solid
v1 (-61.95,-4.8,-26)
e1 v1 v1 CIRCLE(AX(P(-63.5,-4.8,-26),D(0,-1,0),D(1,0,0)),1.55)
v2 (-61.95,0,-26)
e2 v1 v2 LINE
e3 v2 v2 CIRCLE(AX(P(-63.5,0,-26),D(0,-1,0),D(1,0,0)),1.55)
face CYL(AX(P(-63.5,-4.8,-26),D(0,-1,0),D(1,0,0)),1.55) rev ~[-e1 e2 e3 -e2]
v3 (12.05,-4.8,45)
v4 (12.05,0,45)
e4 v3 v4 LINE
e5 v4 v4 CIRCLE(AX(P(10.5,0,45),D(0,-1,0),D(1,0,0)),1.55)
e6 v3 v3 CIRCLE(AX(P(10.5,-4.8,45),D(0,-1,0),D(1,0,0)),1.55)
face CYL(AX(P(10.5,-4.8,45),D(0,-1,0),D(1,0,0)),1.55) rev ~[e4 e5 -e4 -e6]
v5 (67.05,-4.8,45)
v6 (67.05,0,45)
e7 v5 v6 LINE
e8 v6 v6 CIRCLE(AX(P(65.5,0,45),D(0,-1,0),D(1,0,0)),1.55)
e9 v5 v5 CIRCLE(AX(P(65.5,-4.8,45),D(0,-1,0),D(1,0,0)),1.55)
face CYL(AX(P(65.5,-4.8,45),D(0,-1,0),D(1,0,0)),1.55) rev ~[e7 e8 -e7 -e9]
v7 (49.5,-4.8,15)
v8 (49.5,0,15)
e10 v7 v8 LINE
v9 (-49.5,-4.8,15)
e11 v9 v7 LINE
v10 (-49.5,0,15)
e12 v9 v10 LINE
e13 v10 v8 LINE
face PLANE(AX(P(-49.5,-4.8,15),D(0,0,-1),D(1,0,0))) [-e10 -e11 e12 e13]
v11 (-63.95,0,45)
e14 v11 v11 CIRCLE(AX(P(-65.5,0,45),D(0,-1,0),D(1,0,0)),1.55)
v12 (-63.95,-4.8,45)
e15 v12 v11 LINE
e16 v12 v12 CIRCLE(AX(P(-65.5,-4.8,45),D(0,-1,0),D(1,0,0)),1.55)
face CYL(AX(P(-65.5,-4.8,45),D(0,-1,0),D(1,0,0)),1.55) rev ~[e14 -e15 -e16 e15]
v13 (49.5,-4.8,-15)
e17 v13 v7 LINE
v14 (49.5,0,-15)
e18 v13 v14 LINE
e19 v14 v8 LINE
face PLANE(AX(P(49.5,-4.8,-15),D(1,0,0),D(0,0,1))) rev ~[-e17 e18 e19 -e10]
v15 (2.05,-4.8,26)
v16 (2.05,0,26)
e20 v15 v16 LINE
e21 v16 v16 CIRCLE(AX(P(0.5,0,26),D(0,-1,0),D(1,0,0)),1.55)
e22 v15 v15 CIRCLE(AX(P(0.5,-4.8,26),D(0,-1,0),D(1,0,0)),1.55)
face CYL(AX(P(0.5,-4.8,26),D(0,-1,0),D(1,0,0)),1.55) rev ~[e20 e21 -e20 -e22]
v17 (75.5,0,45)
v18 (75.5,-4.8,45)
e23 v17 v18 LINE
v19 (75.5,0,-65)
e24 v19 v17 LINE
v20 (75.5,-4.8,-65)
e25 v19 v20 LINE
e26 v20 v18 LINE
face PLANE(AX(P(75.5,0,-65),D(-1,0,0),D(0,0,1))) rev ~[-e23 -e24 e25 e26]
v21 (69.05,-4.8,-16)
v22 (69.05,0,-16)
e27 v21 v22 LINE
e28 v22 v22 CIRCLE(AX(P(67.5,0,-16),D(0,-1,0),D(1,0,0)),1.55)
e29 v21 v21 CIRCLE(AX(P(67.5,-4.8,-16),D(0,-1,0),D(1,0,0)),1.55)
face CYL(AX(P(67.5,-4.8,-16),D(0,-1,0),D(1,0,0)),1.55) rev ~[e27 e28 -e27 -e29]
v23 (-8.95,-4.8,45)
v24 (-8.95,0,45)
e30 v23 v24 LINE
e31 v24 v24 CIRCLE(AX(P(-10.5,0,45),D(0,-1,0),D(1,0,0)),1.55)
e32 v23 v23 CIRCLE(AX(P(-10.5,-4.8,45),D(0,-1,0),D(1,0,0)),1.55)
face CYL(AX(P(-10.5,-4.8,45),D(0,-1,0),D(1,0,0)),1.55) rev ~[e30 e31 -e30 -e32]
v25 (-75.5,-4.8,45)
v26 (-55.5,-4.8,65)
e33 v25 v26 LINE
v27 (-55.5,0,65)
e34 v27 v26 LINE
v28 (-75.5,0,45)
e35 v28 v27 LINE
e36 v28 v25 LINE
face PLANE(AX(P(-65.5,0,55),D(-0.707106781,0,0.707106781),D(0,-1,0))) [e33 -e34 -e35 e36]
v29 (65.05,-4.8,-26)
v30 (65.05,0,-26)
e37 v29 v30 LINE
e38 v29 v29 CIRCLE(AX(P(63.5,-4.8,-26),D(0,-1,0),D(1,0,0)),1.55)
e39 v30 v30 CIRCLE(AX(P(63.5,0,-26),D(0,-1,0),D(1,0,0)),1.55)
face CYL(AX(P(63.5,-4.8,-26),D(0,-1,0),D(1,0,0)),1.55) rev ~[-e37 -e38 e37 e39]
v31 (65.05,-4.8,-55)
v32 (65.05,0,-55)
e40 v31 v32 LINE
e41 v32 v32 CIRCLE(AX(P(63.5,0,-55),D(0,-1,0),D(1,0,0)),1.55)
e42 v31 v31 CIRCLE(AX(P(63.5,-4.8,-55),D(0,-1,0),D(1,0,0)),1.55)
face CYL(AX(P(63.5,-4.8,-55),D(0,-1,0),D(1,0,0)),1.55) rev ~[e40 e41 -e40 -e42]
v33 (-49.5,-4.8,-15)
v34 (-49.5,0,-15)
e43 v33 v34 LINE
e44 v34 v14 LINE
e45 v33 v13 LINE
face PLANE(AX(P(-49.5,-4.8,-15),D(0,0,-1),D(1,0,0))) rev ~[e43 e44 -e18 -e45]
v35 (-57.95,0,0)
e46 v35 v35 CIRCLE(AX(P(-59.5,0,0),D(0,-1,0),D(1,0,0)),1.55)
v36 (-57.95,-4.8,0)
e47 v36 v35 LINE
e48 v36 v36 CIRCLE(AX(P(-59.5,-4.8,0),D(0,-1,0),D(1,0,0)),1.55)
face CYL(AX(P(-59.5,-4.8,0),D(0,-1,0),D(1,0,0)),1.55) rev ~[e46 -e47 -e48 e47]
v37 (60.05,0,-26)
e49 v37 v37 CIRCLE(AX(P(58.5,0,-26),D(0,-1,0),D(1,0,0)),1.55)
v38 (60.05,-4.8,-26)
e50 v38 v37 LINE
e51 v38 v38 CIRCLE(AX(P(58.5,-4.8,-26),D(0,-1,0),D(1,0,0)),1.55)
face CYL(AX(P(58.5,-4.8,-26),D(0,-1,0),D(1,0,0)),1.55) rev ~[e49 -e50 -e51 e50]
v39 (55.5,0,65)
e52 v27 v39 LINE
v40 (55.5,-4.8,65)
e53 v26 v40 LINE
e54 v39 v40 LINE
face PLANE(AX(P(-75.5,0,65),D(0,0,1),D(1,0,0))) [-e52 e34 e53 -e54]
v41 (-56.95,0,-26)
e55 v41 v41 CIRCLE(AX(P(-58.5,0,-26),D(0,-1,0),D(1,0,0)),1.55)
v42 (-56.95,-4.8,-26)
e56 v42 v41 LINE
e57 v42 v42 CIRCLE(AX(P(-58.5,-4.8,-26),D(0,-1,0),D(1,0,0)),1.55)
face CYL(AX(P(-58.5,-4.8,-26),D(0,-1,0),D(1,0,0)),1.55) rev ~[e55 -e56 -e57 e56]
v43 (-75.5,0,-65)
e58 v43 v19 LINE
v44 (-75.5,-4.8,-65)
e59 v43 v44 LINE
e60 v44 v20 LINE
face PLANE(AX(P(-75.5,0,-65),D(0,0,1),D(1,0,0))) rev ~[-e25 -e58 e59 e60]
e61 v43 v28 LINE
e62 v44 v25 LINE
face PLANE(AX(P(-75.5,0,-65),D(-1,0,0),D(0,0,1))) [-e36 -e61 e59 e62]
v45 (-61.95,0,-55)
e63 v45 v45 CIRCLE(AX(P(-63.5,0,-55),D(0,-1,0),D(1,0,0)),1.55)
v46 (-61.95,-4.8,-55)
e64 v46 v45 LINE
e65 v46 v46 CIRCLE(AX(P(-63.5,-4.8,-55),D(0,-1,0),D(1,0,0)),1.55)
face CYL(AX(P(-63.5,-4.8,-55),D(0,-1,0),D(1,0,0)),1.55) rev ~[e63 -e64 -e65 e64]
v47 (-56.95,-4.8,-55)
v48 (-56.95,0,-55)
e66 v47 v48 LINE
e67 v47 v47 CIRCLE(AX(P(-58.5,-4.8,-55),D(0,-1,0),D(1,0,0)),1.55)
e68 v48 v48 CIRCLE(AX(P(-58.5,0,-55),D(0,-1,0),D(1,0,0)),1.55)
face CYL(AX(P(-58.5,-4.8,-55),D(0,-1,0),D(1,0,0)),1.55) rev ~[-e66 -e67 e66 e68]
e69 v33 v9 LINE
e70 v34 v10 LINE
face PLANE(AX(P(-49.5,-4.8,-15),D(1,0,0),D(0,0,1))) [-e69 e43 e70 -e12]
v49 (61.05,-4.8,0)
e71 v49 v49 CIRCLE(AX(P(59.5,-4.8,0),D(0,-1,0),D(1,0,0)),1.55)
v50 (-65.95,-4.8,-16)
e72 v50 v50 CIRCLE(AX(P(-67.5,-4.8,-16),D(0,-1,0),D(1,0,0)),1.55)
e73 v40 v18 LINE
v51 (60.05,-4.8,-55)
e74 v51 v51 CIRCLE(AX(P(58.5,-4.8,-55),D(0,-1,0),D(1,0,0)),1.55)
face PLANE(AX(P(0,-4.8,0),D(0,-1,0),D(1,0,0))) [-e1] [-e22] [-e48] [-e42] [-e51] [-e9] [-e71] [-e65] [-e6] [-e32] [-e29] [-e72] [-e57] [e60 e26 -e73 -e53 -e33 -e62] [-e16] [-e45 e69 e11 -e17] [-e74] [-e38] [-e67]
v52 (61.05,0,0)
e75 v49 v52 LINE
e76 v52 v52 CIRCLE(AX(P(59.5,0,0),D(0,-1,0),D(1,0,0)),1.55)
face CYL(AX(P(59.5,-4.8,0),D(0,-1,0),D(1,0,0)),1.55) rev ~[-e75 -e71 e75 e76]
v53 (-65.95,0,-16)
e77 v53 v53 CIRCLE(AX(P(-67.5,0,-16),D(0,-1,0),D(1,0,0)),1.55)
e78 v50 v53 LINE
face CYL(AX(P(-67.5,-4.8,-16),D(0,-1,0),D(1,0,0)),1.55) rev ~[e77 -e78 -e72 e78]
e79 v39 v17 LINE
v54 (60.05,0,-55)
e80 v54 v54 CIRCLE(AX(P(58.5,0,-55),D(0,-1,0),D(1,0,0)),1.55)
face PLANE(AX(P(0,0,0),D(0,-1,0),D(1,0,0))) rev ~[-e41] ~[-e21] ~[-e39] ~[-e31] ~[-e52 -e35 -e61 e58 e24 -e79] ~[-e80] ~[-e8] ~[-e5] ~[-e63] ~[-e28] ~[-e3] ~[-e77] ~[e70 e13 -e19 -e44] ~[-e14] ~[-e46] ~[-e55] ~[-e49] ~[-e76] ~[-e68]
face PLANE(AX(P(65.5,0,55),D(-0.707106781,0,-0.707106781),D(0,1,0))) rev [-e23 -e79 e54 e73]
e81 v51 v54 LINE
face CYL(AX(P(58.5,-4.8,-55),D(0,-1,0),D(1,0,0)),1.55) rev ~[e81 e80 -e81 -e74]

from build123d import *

# Parameters (mm, degrees)
F0_W     = 151
F0_H     = 130
F1_DEPTH = 4.8
F2_W     = 99
F2_H     = 30
F2_R     = 1.55
F3_DEPTH = 4.8
F4_SIZE  = 20
F5_SIZE  = 20


with BuildPart() as f1:
    # F0 (on Front) → F1 (new body)
    with BuildSketch(Plane.XZ):
        Rectangle(F0_W, F0_H)
    extrude(amount=F1_DEPTH)

    # F2 (on face) → F3 (cut)
    with BuildSketch(Plane.XZ.offset(4.8)):
        Rectangle(F2_W, F2_H)
        with Locations((-59.5, 0)):
            Circle(F2_R)
        with Locations((59.5, 0)):
            Circle(F2_R)
        with Locations((-63.5, -55)):
            Circle(F2_R)
        with Locations((63.5, -55)):
            Circle(F2_R)
        with Locations((-58.5, -55)):
            Circle(F2_R)
        with Locations((58.5, -55)):
            Circle(F2_R)
        with Locations((-63.5, -26)):
            Circle(F2_R)
        with Locations((-58.5, -26)):
            Circle(F2_R)
        with Locations((63.5, -26)):
            Circle(F2_R)
        with Locations((58.5, -26)):
            Circle(F2_R)
        with Locations((65.5, 45)):
            Circle(F2_R)
        with Locations((-65.5, 45)):
            Circle(F2_R)
        with Locations((67.5, -16)):
            Circle(F2_R)
        with Locations((-67.5, -16)):
            Circle(F2_R)
        with Locations((10.5, 45)):
            Circle(F2_R)
        with Locations((-10.5, 45)):
            Circle(F2_R)
        with Locations((0.5, 26)):
            Circle(F2_R)
    extrude(amount=-F3_DEPTH, mode=Mode.SUBTRACT)

    # F4
    f4_edges = [f1.edges().sort_by_distance(p)[0] for p in [
        (-75.5, -2.4, 65),
    ]]
    chamfer(f4_edges, length=F4_SIZE)

    # F5
    f5_edges = [f1.edges().sort_by_distance(p)[0] for p in [
        (75.5, -2.4, 65),
    ]]
    chamfer(f5_edges, length=F5_SIZE)


solid = f1.part
